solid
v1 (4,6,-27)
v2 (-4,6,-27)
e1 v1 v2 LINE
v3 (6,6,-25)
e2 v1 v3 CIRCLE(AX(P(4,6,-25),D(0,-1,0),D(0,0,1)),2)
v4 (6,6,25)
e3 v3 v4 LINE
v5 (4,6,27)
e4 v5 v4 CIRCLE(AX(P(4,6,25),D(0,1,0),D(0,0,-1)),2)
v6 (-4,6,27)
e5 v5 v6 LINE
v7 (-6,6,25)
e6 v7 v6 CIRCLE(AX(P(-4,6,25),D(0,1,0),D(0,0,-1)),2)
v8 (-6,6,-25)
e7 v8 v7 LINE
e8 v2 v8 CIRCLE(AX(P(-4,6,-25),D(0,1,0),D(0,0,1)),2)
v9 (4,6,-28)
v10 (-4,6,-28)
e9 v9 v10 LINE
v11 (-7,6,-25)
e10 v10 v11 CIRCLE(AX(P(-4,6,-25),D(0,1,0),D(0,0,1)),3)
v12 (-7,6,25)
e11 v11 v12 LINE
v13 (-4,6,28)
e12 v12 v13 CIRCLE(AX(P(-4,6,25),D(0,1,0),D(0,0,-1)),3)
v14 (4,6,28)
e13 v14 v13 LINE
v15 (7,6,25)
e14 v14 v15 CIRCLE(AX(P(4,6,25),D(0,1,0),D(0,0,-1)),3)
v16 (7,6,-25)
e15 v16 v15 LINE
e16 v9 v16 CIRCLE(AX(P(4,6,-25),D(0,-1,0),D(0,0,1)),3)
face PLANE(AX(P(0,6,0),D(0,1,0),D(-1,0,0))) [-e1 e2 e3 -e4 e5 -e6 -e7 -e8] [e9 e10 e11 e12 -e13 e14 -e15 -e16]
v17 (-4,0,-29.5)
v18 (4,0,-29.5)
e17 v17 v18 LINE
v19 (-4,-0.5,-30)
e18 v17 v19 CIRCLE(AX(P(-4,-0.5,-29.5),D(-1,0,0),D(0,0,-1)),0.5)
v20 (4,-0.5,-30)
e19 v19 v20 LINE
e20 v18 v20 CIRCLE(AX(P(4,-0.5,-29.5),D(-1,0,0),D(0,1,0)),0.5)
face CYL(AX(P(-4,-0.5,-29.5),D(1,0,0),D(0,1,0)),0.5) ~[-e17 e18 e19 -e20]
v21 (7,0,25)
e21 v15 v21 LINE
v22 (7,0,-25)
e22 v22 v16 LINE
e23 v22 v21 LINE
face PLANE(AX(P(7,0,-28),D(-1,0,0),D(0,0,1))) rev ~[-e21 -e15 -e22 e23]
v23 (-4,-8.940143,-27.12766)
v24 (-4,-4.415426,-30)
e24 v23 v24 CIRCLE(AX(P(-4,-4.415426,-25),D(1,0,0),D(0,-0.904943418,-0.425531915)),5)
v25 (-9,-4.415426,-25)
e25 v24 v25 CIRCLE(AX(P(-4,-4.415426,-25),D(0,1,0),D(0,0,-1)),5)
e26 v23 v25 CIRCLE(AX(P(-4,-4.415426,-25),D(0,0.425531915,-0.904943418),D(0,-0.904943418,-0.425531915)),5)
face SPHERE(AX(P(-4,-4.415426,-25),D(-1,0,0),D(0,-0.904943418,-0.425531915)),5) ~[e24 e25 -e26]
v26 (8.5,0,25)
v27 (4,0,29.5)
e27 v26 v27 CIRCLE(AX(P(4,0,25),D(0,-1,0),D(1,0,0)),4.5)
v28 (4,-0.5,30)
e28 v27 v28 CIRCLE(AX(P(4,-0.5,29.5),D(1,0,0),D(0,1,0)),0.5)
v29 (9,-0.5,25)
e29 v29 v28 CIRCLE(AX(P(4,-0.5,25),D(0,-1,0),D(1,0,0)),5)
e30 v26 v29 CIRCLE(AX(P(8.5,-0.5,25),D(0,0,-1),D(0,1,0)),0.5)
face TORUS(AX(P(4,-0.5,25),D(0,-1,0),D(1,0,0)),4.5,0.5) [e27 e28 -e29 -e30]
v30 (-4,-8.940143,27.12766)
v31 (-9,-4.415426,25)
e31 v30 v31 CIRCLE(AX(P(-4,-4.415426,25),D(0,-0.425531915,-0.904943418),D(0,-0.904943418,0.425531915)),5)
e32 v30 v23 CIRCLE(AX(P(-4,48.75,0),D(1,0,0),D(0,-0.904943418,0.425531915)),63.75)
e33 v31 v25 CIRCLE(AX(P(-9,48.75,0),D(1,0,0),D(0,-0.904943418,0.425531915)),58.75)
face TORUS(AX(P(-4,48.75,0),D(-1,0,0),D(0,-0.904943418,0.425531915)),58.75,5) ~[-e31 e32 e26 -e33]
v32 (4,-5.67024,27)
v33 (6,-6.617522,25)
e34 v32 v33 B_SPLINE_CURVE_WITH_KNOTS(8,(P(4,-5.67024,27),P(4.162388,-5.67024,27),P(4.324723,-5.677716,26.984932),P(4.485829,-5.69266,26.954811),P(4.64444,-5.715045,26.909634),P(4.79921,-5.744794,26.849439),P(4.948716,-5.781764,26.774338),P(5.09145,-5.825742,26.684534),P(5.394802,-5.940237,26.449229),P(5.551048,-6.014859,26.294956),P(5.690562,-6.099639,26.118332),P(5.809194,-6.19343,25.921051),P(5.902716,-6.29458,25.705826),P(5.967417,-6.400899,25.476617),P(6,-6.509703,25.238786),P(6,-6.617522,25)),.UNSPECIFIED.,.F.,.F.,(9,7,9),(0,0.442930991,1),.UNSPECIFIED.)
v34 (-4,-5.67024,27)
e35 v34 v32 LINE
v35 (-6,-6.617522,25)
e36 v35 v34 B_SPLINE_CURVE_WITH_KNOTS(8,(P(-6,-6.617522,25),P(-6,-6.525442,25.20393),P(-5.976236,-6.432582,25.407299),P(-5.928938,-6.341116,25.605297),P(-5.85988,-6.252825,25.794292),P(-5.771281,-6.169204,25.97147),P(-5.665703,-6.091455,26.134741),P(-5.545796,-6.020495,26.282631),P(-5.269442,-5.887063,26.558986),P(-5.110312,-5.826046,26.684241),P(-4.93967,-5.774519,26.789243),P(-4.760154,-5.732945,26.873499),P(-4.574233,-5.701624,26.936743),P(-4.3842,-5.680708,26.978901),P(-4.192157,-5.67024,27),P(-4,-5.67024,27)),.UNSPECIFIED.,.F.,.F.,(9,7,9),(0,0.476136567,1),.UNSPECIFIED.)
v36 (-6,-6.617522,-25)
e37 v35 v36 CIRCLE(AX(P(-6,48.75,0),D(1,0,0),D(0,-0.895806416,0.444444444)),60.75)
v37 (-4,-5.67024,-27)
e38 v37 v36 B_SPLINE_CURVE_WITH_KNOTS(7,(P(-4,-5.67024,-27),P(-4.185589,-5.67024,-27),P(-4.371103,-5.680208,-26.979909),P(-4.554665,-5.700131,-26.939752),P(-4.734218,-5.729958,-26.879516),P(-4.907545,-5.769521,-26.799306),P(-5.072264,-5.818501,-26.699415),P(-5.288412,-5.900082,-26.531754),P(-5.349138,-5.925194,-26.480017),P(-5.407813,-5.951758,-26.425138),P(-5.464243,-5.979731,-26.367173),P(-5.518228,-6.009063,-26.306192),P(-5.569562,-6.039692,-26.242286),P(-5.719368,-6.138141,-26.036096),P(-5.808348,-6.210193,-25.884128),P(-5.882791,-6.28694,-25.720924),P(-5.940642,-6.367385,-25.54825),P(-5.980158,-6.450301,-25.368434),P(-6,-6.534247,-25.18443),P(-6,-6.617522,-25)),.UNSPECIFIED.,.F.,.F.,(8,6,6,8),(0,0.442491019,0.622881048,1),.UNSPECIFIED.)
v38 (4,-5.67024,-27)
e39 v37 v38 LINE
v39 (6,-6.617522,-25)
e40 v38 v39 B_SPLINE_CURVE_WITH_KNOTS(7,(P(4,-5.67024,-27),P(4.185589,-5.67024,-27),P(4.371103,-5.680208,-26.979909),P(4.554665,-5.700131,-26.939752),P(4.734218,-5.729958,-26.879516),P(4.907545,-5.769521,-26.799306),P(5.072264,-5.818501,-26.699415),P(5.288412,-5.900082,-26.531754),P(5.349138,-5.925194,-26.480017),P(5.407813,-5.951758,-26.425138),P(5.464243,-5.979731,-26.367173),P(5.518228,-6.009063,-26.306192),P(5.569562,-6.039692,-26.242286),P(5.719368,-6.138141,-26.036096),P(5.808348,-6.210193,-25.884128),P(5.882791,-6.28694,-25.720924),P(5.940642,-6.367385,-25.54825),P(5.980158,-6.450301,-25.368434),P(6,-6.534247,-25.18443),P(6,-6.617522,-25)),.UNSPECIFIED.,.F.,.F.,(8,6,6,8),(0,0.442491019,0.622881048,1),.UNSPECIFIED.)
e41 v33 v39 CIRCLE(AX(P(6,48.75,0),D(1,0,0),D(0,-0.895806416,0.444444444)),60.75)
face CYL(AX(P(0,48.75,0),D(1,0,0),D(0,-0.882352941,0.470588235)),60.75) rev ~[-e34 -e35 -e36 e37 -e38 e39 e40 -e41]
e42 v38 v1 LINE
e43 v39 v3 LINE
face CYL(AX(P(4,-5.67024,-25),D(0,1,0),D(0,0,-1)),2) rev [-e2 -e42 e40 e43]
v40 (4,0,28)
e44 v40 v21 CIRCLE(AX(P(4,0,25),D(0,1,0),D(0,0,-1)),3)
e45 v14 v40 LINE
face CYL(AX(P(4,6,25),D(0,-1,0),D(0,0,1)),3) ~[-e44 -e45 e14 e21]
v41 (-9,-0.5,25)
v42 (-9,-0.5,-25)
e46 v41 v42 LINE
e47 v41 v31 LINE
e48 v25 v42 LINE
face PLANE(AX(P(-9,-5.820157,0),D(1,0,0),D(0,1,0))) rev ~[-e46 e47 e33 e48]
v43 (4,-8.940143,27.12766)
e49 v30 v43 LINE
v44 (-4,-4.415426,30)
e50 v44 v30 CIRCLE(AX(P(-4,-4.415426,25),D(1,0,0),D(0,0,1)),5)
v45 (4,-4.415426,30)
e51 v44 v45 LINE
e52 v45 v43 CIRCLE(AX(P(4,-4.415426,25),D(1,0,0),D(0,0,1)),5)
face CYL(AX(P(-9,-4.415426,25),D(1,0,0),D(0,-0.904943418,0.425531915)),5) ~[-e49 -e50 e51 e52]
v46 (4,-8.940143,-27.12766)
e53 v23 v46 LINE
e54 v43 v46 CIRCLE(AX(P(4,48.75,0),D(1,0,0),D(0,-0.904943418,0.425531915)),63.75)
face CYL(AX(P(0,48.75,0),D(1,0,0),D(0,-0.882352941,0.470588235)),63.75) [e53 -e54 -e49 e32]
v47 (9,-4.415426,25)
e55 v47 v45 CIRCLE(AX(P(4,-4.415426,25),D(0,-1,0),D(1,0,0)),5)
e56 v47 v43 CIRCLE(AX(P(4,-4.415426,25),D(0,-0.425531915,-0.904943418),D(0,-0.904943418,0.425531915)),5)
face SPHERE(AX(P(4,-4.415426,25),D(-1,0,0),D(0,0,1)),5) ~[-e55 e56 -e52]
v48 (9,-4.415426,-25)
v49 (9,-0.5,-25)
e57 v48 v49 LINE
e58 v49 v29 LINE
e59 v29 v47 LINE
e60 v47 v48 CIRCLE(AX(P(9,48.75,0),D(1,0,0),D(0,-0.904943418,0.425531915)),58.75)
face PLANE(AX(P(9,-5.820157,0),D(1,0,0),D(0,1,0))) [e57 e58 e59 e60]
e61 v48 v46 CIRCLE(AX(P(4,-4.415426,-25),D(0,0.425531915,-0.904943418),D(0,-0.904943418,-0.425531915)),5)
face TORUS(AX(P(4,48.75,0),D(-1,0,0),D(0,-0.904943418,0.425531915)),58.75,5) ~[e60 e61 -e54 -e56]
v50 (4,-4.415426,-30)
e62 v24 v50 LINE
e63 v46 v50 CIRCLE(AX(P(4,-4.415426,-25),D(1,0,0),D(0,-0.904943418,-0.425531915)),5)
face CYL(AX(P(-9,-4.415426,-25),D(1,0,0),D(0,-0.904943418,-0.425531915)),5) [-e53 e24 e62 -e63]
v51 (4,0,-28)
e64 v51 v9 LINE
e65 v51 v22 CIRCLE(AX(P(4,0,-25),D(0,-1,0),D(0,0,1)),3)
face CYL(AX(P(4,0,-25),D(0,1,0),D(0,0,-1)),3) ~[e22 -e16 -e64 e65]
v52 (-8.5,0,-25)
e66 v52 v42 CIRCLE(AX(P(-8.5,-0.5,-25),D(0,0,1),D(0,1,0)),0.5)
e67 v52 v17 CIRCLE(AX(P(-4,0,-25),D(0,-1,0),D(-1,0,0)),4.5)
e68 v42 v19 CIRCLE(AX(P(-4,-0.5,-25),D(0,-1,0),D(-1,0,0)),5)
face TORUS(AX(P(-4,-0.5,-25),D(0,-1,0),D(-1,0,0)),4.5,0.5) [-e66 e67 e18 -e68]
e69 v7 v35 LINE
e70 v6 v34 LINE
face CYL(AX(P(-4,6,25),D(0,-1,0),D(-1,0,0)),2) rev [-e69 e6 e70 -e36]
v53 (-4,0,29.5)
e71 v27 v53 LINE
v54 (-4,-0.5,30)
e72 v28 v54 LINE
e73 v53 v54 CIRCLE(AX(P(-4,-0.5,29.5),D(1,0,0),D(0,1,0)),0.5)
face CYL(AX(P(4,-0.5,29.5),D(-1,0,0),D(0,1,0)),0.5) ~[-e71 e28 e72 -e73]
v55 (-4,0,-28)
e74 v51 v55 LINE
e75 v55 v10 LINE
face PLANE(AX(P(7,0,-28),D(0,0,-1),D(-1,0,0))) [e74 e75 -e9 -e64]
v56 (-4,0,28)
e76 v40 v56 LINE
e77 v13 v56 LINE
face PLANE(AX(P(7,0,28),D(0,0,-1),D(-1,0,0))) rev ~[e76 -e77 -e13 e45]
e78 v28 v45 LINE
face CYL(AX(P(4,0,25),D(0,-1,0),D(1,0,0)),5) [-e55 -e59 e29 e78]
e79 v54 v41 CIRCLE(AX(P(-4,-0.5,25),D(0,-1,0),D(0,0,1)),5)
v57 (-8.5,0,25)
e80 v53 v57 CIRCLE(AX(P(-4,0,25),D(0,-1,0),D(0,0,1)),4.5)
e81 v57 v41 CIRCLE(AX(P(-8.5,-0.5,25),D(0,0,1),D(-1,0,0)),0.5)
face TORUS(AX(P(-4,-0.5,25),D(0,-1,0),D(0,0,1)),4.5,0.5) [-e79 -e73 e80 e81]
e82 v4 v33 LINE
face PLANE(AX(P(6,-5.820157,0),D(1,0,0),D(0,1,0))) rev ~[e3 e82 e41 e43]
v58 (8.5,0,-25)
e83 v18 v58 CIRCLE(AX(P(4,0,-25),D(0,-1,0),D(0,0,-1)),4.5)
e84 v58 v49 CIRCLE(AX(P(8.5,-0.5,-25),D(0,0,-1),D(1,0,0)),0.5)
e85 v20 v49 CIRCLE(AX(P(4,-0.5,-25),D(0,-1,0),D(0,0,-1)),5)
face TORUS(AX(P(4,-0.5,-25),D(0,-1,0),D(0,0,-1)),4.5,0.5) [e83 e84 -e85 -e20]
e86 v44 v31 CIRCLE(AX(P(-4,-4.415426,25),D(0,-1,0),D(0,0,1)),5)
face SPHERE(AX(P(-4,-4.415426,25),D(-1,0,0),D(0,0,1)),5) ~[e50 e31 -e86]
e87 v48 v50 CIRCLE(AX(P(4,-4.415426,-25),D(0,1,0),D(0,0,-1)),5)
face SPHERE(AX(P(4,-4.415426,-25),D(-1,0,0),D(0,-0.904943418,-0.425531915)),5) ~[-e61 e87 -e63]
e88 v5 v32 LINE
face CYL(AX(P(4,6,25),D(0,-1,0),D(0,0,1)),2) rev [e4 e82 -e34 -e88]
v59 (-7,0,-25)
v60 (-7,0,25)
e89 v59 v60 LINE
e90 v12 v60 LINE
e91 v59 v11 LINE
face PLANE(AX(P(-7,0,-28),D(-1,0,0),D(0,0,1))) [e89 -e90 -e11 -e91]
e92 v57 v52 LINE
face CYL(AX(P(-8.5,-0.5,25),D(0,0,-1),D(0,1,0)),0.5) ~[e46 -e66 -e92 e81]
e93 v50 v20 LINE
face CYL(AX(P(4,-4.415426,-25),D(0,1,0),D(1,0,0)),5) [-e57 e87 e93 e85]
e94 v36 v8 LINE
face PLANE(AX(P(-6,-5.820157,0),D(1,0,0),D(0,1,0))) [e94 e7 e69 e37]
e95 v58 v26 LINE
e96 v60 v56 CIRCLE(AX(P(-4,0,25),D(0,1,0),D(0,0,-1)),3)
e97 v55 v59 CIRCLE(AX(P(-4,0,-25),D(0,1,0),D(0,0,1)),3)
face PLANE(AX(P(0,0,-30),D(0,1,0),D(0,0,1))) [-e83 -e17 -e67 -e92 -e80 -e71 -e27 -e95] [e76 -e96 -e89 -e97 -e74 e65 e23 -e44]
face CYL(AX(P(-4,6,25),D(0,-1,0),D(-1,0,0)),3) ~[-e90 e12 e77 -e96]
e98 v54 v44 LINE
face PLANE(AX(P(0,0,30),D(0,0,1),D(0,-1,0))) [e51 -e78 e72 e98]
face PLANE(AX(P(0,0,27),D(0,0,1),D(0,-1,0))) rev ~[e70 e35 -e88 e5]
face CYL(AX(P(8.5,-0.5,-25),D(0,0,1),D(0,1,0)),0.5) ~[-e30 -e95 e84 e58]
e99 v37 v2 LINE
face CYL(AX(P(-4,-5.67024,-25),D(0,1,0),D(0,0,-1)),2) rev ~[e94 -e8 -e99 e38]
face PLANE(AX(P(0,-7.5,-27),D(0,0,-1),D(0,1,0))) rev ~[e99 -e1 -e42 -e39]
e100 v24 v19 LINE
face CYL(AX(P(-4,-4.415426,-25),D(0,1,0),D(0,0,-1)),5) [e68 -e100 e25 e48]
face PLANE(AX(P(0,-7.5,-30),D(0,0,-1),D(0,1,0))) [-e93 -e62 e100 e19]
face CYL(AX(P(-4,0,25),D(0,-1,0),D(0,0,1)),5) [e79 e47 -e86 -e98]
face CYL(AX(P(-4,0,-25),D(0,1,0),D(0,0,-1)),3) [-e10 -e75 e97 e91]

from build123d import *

# Parameters (mm, degrees)
BOSS_EXTRUDE1_DEPTH = 9
SHELL2_T            = -3
SKETCH3_W           = 14
SKETCH3_H           = 56
SKETCH3_W_2         = 12
SKETCH3_H_2         = 54
BOSS_EXTRUDE3_DEPTH = 6
FILLET1_R           = 5
FILLET5_R           = 5
FILLET8_R           = 0.5
FILLET9_R           = 3
FILLET10_R          = 2


with BuildPart() as part:
    # Sketch1 → Boss-Extrude1 (new, symmetric)
    with BuildSketch(Plane.YZ):
        with BuildLine():
            Line((0, 30), (-7.5, 30))
            ThreePointArc((-7.5, 30), (-15, 0), (-7.5, -30))
            Line((-7.5, -30), (0, -30))
            Line((0, -30), (0, 30))
        make_face()
    extrude(amount=BOSS_EXTRUDE1_DEPTH, both=True)

    # Shell2
    shell2_openings = [part.faces().sort_by_distance(p)[0] for p in [
        (0, 0, 0),
    ]]
    offset(amount=SHELL2_T, openings=shell2_openings, kind=Kind.INTERSECTION)

    # Sketch3 → Boss-Extrude3 (add, symmetric)
    with BuildSketch(Plane(origin=(0, 0, 0), x_dir=(-1, 0, 0), z_dir=(0, 1, 0))):
        Rectangle(SKETCH3_W, SKETCH3_H)
        Rectangle(SKETCH3_W_2, SKETCH3_H_2, mode=Mode.SUBTRACT)
    extrude(amount=BOSS_EXTRUDE3_DEPTH, both=True)

    # Fillet1
    fillet1_edges = [part.edges().sort_by_distance(p)[0] for p in [
        (0, -7.5, -30),
        (0, -7.5, 30),
    ]]
    fillet(fillet1_edges, radius=FILLET1_R)

    # Fillet5
    fillet5_edges = [part.edges().sort_by_distance(p)[0] for p in [
        (9, -2.207712898, 30),
        (-9, -2.207712898, -30),
        (9, -2.207712898, -30),
        (-9, -15, 0),
        (-9, -7.095136799, 29.221273379),
        (-9, -2.207712898, 30),
        (-9, -7.095136799, -29.221273379),
        (9, -15, 0),
        (9, -7.095136799, 29.221273379),
        (9, -7.095136799, -29.221273379),
    ]]
    fillet(fillet5_edges, radius=FILLET5_R)

    # Fillet8
    fillet8_edges = [part.edges().sort_by_distance(p)[0] for p in [
        (0, 0, 30),
        (-9, 0, 0),
        (9, 0, 0),
        (0, 0, -30),
        (7.535533906, 0, -28.535533906),
        (7.535533906, 0, 28.535533906),
        (-7.535533906, 0, -28.535533906),
        (-7.535533906, 0, 28.535533906),
    ]]
    fillet(fillet8_edges, radius=FILLET8_R)

    # Fillet9
    fillet9_edges = [part.edges().sort_by_distance(p)[0] for p in [
        (-7, 3, 28),
        (7, 3, 28),
        (7, 3, -28),
        (-7, 3, -28),
    ]]
    fillet(fillet9_edges, radius=FILLET9_R)

    # Fillet10
    fillet10_edges = [part.edges().sort_by_distance(p)[0] for p in [
        (-6, 0.164880099, 27),
        (-6, 0.164880099, -27),
        (6, 0.164880099, 27),
        (6, 0.164880099, -27),
    ]]
    fillet(fillet10_edges, radius=FILLET10_R)


solid = part.part
